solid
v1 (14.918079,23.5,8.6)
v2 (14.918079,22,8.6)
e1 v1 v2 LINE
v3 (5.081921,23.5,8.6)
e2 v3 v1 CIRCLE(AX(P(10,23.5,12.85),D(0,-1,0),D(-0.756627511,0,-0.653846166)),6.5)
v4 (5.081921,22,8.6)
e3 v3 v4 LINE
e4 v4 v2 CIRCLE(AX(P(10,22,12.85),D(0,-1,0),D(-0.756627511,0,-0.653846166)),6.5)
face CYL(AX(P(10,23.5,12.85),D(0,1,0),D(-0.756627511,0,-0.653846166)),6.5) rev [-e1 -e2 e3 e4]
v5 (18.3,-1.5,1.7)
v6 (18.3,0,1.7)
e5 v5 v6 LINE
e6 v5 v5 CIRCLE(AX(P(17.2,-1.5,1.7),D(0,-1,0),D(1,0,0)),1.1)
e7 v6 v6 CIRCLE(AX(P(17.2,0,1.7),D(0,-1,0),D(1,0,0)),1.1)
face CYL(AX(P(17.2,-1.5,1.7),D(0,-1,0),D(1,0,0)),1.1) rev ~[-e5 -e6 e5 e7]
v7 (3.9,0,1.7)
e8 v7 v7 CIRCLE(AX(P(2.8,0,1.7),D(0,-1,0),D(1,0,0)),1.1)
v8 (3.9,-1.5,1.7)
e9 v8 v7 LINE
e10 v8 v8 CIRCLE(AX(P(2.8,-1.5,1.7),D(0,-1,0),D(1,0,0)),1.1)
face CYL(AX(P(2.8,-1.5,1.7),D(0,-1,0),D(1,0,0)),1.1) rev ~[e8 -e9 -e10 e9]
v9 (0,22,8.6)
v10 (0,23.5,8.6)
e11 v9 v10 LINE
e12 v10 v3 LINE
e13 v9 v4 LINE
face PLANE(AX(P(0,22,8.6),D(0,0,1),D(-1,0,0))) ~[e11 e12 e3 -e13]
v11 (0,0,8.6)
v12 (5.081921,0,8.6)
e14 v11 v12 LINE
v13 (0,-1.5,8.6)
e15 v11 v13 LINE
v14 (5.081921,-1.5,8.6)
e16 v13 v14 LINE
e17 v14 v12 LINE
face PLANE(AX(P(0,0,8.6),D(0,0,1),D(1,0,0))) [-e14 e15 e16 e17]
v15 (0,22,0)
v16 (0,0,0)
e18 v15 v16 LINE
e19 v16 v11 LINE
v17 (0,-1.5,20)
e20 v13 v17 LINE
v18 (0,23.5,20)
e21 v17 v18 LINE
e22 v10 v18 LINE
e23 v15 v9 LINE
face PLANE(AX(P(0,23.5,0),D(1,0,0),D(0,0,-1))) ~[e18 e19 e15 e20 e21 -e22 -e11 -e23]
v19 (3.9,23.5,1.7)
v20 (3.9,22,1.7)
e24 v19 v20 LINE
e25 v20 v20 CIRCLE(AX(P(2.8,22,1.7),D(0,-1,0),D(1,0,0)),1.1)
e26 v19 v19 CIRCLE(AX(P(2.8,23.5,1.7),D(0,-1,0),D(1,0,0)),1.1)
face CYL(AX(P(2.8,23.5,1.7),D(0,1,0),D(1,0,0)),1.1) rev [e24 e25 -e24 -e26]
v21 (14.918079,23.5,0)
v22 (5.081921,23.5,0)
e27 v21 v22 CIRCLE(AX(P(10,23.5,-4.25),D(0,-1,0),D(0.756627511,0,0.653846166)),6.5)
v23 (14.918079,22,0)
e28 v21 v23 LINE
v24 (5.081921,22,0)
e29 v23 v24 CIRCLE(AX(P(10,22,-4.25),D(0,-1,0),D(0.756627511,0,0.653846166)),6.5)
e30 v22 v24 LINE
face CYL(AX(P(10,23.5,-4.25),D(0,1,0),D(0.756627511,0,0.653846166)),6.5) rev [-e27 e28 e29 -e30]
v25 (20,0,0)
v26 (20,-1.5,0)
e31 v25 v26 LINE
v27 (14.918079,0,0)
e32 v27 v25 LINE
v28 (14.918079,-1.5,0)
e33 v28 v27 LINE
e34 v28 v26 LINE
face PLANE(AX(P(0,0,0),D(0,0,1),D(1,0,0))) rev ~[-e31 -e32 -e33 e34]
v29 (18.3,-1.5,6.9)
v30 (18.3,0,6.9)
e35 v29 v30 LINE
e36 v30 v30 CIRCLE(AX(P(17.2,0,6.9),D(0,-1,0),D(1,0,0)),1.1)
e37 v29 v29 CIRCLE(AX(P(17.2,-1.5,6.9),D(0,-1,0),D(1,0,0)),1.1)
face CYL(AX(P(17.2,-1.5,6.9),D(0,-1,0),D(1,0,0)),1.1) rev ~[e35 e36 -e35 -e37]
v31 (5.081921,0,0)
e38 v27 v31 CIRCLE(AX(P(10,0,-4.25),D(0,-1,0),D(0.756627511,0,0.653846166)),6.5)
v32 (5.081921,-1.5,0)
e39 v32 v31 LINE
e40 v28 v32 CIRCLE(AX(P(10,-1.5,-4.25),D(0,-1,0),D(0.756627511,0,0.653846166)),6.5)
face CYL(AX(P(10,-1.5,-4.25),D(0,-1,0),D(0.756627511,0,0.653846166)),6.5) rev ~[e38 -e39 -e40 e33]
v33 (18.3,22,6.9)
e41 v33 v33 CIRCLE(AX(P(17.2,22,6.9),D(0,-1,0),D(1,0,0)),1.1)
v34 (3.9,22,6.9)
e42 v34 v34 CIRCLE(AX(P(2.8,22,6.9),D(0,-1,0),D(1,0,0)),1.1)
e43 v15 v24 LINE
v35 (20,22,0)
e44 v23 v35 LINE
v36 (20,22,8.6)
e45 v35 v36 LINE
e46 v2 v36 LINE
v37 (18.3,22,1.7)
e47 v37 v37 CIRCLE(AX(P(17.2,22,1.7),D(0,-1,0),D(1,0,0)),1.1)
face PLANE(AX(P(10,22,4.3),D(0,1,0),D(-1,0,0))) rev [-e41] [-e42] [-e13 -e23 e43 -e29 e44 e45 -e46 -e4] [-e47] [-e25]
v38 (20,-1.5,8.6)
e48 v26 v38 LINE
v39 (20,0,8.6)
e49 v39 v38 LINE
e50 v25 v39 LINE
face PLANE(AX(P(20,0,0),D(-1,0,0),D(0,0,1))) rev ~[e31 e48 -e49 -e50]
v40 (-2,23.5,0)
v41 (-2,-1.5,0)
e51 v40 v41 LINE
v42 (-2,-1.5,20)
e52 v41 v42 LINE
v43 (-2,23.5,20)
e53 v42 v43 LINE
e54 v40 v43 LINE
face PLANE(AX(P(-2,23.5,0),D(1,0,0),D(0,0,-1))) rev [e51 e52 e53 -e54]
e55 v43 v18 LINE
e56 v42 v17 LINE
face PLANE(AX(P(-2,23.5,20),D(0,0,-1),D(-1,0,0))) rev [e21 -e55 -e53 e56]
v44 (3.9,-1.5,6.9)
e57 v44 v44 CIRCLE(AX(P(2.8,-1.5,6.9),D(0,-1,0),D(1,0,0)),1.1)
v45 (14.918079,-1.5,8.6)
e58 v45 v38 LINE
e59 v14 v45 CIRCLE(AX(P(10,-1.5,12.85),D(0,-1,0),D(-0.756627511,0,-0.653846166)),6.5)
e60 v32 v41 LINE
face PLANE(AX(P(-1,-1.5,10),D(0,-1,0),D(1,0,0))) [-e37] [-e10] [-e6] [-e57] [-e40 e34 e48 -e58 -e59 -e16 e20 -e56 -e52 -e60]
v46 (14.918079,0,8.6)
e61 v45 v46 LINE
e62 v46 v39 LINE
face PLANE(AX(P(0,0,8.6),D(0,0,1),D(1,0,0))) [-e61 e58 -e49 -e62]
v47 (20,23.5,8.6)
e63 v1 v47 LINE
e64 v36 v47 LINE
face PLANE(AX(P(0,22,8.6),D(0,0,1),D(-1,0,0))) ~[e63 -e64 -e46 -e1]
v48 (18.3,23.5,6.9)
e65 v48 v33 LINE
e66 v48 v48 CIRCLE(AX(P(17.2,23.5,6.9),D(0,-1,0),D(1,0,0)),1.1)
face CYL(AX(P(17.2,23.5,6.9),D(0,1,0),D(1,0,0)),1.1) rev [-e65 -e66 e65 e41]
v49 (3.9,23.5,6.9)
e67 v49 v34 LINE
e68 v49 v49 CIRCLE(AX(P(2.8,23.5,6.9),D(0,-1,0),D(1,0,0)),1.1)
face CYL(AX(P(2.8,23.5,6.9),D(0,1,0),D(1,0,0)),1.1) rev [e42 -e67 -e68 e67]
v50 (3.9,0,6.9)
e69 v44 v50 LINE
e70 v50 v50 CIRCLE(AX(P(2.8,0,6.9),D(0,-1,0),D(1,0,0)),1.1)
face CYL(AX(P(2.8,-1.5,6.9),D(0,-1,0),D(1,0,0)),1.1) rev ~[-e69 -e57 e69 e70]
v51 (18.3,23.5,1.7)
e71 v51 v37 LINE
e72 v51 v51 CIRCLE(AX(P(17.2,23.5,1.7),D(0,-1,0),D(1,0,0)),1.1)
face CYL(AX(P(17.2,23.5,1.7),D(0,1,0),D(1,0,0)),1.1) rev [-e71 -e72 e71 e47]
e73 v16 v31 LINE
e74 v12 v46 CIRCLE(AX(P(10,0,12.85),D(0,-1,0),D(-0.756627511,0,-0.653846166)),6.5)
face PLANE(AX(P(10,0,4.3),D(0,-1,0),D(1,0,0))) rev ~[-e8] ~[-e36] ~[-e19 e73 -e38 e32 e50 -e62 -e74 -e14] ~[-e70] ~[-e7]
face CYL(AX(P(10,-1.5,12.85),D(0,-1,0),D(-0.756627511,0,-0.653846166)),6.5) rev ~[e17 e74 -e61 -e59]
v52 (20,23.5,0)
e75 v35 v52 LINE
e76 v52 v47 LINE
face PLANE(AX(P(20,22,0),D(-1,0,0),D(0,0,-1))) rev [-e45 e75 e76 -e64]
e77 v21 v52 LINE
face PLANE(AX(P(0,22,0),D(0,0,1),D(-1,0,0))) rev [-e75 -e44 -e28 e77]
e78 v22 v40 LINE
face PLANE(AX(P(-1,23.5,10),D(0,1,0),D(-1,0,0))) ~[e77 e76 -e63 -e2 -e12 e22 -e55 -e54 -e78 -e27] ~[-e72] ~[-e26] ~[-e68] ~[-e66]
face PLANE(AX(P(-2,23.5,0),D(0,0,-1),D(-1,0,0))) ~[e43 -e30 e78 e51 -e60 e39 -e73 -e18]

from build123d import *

# Parameters (mm, degrees)
F0_W     = 20
F0_H     = 8.6
F1_DEPTH = 1.5
F2_R     = 1.1
F3_DEPTH = 1.5
F4_W     = 2
F4_H     = 20
F5_DEPTH = 12.5


with BuildPart() as f1:
    # F0 (on Front) → F1 (new body)
    with BuildSketch(Plane.XZ):
        with Locations((10, 4.3)):
            Rectangle(F0_W, F0_H)
    extrude(amount=F1_DEPTH)

    # F2 (on face) → F3 (cut, through all)
    with BuildSketch(Plane.XZ.offset(1.5)):
        with Locations((2.8, 6.9)):
            Circle(F2_R)
        with Locations((17.2, 6.9)):
            Circle(F2_R)
        with Locations((2.8, 1.7)):
            Circle(F2_R)
        with Locations((17.2, 1.7)):
            Circle(F2_R)
        with BuildLine():
            Line((14.918079, 8.6), (5.081921, 8.6))
            ThreePointArc((5.081921, 8.6), (10, 6.35), (14.918079, 8.6))
        make_face()
        with BuildLine():
            ThreePointArc((14.918079, 0), (10, 2.25), (5.081921, 0))
            Line((5.081921, 0), (14.918079, 0))
        make_face()
    extrude(amount=-F3_DEPTH, mode=Mode.SUBTRACT)

    # F4 (on face) → F5 (join)
    with BuildSketch(Plane.XZ.offset(1.5)):
        with Locations((-1, 10)):
            Rectangle(F4_W, F4_H)
    extrude(amount=-F5_DEPTH)

    # F7: F1 across plane


with BuildPart() as f1_1:
    add(f1.part)
    add(f1.part.mirror(Plane.XZ.offset(-11)))


solid = f1_1.part
